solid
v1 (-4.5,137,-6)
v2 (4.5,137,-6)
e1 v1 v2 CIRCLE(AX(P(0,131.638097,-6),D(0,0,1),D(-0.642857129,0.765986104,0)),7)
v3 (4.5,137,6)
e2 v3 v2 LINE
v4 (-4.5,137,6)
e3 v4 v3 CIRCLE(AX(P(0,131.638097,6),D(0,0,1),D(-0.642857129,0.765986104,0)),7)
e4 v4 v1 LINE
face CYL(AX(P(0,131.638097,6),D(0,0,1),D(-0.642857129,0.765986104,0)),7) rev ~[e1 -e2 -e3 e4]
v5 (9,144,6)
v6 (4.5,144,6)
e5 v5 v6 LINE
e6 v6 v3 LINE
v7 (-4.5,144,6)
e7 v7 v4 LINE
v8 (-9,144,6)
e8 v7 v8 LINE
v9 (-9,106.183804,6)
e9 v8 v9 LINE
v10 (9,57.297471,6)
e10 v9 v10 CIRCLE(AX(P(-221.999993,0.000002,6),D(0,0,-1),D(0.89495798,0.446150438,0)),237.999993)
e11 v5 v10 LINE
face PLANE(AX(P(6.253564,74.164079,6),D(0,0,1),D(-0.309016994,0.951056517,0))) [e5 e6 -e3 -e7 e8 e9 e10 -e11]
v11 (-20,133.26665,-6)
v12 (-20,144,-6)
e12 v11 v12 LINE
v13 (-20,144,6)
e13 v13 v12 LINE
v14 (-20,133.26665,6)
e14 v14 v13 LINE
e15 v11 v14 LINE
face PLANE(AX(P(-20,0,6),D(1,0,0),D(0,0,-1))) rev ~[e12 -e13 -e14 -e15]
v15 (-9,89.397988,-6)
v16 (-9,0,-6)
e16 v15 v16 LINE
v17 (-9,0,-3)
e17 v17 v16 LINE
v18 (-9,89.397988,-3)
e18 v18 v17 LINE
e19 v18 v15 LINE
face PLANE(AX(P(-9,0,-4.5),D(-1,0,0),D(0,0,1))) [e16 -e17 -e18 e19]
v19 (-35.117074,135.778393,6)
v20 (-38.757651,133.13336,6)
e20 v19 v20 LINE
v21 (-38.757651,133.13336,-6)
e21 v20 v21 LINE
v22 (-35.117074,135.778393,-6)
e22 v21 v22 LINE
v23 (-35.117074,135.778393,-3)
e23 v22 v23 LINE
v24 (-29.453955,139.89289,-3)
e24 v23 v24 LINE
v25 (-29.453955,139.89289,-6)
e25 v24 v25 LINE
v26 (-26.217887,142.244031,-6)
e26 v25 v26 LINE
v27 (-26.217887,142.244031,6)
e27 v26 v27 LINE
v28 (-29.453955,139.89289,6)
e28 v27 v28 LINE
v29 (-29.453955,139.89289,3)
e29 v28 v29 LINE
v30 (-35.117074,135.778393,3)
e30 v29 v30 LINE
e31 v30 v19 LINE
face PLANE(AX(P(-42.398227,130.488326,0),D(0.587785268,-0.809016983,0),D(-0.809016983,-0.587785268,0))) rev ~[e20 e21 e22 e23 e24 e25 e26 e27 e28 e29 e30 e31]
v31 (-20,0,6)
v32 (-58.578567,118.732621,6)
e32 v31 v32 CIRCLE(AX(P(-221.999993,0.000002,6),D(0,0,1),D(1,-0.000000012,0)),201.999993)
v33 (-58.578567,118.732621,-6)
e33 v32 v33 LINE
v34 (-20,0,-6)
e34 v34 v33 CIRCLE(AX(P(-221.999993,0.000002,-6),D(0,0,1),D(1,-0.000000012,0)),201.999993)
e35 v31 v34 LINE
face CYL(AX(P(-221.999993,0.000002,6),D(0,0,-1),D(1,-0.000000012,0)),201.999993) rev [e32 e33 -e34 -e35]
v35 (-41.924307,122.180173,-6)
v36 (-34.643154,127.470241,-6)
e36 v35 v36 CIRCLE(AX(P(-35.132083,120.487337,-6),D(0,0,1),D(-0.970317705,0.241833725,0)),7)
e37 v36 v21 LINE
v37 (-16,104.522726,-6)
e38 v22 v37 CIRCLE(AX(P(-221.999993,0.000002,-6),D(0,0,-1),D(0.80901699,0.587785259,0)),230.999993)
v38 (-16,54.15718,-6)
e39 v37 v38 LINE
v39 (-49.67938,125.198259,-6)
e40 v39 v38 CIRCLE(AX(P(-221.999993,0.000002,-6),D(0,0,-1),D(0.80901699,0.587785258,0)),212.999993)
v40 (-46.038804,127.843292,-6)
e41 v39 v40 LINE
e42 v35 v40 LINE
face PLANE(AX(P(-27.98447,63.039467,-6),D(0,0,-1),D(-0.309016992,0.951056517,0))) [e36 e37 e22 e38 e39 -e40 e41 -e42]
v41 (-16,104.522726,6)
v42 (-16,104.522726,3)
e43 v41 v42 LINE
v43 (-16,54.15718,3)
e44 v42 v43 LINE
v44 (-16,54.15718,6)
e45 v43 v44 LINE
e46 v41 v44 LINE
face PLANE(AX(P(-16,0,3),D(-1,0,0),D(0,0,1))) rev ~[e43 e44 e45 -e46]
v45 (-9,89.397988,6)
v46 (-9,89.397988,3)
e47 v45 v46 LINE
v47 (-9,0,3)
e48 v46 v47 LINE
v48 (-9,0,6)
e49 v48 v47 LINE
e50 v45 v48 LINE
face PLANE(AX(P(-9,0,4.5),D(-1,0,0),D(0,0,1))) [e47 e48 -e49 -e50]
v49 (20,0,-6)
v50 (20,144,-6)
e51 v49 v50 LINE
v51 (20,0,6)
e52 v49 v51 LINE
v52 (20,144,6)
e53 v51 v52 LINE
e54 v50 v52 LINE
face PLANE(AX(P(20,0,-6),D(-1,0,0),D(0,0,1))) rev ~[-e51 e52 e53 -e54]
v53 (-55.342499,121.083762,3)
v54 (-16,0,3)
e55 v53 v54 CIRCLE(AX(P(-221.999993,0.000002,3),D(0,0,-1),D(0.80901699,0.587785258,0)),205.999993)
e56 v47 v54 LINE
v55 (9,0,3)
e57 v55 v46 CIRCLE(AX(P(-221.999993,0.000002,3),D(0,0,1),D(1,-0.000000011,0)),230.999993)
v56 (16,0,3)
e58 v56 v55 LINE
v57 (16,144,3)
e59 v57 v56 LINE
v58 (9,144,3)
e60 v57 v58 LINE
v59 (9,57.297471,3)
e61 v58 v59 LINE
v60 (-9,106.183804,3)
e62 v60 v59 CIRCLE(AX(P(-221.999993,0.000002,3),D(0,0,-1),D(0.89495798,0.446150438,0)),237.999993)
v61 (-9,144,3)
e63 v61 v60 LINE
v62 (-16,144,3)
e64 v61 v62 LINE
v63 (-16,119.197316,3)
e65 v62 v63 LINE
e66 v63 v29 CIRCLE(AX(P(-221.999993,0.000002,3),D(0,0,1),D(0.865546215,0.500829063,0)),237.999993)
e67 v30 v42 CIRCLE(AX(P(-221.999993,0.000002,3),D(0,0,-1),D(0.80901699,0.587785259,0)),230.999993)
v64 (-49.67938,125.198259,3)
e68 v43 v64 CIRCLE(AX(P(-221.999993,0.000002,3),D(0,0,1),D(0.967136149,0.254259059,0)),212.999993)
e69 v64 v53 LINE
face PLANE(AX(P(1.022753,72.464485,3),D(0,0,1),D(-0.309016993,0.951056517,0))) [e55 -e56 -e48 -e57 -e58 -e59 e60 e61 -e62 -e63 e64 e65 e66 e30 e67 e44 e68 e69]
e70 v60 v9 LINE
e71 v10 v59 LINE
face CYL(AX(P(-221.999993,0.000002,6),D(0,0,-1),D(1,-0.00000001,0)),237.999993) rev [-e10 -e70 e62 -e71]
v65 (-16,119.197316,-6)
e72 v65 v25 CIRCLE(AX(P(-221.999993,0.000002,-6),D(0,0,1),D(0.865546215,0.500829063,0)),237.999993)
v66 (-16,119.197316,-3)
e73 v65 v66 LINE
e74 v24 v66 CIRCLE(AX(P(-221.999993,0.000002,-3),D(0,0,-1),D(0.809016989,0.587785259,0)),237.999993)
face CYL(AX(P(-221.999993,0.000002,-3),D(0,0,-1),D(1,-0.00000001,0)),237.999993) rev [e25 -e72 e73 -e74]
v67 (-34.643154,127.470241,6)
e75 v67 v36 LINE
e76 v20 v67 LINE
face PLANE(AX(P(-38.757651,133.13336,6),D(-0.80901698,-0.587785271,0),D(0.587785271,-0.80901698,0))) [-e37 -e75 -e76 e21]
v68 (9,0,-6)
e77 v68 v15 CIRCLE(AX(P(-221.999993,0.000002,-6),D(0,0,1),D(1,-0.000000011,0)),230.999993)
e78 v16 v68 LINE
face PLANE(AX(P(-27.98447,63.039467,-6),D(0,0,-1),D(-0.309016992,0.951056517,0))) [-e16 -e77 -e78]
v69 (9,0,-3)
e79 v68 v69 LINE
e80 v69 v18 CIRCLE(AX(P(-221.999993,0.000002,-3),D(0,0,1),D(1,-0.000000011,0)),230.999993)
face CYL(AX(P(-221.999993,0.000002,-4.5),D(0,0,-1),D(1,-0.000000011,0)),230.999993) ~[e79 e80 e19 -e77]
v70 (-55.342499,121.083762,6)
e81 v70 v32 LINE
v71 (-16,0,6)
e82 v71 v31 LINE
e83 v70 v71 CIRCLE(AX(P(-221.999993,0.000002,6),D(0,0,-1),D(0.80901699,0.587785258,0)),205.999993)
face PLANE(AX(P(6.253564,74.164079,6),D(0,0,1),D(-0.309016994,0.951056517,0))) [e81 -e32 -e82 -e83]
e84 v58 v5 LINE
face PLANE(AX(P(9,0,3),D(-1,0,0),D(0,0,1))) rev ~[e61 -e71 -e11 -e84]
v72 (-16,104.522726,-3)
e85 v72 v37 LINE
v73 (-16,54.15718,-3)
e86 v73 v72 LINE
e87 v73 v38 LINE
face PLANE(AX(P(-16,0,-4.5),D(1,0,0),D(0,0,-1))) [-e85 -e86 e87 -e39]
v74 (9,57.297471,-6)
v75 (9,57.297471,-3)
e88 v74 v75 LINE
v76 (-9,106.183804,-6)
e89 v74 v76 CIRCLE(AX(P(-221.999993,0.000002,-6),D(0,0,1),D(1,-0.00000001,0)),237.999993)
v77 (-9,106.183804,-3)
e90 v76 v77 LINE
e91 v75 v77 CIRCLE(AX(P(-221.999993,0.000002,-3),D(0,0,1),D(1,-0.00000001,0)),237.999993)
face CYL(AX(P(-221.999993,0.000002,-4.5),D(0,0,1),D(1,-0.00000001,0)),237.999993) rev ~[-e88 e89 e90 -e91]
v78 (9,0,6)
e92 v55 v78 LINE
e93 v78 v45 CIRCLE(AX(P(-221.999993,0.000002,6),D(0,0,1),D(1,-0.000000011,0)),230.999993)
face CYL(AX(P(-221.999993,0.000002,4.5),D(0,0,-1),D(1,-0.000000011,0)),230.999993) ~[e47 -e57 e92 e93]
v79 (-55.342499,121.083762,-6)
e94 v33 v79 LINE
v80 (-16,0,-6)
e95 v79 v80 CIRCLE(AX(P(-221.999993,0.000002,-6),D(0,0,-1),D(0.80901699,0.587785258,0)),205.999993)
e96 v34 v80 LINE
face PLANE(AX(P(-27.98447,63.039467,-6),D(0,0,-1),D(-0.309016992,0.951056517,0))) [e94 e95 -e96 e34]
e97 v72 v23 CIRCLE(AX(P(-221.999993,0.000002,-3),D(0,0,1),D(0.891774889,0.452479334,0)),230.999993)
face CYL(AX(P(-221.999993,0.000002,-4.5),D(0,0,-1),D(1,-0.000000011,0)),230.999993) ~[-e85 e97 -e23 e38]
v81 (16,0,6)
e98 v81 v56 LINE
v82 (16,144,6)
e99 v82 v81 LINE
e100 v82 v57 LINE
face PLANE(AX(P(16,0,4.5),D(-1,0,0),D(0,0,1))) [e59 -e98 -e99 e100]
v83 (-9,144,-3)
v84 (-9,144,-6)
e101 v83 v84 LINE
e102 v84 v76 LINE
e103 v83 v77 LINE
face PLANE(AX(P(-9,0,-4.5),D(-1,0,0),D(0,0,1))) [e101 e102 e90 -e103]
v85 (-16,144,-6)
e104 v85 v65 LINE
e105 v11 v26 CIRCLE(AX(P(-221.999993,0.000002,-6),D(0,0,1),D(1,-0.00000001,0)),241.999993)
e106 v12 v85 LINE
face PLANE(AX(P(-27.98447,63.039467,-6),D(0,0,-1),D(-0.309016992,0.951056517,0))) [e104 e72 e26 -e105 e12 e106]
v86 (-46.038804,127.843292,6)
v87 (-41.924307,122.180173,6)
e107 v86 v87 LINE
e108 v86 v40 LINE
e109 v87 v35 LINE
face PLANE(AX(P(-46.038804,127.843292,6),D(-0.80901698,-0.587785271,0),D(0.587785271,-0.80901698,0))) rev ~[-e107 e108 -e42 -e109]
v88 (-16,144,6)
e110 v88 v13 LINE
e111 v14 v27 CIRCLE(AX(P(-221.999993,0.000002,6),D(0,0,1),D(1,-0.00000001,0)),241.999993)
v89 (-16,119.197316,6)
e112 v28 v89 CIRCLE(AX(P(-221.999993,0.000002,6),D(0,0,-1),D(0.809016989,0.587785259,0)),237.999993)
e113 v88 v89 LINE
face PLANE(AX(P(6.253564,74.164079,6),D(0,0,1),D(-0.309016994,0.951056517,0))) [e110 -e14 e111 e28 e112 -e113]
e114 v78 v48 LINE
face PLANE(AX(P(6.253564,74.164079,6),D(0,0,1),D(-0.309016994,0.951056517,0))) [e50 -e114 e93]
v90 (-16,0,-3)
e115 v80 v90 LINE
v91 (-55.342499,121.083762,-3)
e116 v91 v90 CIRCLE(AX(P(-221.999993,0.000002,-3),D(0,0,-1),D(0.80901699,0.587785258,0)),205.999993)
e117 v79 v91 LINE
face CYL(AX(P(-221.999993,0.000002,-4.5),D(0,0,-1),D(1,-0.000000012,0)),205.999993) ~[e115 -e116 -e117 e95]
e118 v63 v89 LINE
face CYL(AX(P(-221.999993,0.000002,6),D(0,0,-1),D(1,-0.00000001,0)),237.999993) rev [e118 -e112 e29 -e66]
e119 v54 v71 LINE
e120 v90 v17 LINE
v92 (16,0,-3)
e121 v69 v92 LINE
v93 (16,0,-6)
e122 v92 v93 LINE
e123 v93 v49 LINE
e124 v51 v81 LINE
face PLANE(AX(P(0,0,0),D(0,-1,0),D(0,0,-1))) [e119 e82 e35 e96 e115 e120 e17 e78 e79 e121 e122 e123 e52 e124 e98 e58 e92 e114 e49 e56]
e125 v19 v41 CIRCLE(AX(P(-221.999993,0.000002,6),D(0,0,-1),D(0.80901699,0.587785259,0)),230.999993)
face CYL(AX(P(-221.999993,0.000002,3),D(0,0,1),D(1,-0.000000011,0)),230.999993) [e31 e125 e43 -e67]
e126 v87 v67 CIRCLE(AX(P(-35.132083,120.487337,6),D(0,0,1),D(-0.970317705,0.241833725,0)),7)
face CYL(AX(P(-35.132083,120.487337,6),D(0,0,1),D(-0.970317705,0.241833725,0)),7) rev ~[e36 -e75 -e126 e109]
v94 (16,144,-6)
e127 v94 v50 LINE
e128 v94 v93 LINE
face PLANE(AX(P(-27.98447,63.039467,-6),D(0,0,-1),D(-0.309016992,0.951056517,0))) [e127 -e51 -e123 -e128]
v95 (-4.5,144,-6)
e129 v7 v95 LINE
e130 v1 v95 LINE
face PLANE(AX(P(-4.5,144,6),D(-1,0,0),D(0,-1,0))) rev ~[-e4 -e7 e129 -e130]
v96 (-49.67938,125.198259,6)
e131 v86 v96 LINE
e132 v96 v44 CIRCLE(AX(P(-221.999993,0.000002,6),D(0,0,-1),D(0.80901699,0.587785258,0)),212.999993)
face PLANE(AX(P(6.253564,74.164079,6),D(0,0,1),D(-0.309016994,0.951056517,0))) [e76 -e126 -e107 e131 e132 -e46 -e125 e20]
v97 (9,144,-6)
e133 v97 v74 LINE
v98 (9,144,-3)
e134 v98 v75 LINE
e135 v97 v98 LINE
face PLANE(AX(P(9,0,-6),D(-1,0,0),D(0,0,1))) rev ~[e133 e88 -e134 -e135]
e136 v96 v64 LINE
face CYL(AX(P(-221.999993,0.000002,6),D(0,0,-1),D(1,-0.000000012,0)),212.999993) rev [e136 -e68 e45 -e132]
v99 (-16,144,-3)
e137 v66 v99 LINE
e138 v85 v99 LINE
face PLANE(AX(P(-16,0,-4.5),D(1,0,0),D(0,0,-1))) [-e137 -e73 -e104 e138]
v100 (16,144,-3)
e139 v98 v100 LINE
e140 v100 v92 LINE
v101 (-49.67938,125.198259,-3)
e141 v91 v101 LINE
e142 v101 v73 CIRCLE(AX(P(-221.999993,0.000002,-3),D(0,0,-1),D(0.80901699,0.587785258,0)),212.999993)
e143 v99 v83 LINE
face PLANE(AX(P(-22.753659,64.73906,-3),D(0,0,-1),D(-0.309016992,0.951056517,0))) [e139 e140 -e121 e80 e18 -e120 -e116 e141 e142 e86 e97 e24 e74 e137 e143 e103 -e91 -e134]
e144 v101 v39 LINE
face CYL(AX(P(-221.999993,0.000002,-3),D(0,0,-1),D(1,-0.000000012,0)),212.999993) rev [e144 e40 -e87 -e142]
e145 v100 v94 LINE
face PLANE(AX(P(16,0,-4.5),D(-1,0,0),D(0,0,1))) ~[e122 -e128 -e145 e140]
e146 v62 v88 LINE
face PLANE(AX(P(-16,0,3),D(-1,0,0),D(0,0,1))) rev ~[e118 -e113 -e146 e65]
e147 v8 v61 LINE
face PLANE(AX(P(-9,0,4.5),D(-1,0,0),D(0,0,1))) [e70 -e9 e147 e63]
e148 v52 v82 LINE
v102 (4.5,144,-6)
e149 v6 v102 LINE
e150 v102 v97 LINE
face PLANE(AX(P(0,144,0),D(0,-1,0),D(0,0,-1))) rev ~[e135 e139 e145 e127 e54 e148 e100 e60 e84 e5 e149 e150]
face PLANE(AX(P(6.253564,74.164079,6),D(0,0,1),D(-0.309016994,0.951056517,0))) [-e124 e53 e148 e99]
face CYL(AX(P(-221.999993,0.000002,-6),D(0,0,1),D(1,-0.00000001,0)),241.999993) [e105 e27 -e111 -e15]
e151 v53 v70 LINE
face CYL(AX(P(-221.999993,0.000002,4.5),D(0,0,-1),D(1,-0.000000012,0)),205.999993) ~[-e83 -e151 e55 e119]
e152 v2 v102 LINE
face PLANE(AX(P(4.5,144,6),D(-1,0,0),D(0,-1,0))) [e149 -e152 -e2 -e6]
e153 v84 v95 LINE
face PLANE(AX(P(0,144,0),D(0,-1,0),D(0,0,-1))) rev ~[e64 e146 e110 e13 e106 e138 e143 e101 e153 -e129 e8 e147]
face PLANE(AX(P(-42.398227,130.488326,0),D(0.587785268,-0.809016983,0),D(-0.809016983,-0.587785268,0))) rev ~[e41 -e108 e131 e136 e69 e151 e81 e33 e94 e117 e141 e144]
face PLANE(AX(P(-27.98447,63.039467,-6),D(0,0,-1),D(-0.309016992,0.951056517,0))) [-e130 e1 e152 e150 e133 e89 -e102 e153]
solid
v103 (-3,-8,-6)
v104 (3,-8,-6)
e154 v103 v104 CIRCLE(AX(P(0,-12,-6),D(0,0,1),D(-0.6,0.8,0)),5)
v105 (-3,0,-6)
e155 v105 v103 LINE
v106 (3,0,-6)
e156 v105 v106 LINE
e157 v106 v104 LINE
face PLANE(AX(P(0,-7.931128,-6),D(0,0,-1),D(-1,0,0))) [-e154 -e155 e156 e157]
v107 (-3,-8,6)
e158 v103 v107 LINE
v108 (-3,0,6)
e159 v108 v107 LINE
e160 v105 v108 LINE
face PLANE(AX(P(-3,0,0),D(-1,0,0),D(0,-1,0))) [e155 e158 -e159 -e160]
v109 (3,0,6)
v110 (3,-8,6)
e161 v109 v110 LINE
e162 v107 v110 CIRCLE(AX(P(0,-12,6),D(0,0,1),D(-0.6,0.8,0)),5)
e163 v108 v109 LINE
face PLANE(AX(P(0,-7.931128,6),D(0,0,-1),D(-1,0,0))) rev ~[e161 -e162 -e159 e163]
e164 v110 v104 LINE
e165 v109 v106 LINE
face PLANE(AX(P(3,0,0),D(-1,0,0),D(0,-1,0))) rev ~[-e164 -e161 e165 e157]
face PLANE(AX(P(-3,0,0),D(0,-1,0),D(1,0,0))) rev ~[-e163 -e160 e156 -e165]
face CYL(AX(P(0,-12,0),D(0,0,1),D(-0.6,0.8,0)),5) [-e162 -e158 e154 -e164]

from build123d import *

# Parameters (mm, degrees)
SKETCH004_W     = 7
SKETCH004_H     = 3
SKETCH005_W     = 7
SKETCH005_H     = 3
POCKET_DEPTH    = 12.001
POCKET001_DEPTH = 12.001
SKETCH009_W     = 7
SKETCH009_H     = 3
SKETCH010_W     = 7
SKETCH010_H     = 3
PAD_DEPTH       = 6


with BuildPart() as body:
    # AdditivePipe: sweep along a path in Sketch002
    with BuildLine(Plane.XY) as additivepipe_path:
        ThreePointArc((0, 0), (-10.865453, 68.601773), (-42.398227, 130.488326))
    # Sketch → AdditivePipe (sweep)
    with BuildSketch(Plane.XZ):
        Polygon((-20, 6), (-20, -6), (-16, -6), (-16, -3), (-9, -3), (-9, -6), (9, -6), (9, -3), (16, -3), (16, -6), (20, -6), (20, 6), (16, 6), (16, 3), (9, 3), (9, 6), (-9, 6), (-9, 3), (-16, 3), (-16, 6), align=None)
    sweep(path=additivepipe_path.line)

    # AdditivePipe001: sweep along a path in Sketch001
    with BuildLine(Plane.XY) as additivepipe001_path:
        Line((0, 0), (0, 144))
    # Sketch → AdditivePipe001 (sweep)
    with BuildSketch(Plane.XZ):
        Polygon((-20, 6), (-20, -6), (-16, -6), (-16, -3), (-9, -3), (-9, -6), (9, -6), (9, -3), (16, -3), (16, -6), (20, -6), (20, 6), (16, 6), (16, 3), (9, 3), (9, 6), (-9, 6), (-9, 3), (-16, 3), (-16, 6), align=None)
    sweep(path=additivepipe001_path.line)

    # SubtractivePipe: sweep along a path in Sketch001
    with BuildLine(Plane.XY) as subtractivepipe_path:
        Line((0, 0), (0, 144))
    # Sketch004 → SubtractivePipe (sweep, cut)
    with BuildSketch(Plane.XZ):
        with Locations((-12.5, 4.5)):
            Rectangle(SKETCH004_W, SKETCH004_H)
    sweep(path=subtractivepipe_path.line, mode=Mode.SUBTRACT)

    # SubtractivePipe001: sweep along a path in Sketch002
    with BuildLine(Plane.XY) as subtractivepipe001_path:
        ThreePointArc((0, 0), (-10.865453, 68.601773), (-42.398227, 130.488326))
    # Sketch004 → SubtractivePipe001 (sweep, cut)
    with BuildSketch(Plane.XZ):
        with Locations((-12.5, 4.5)):
            Rectangle(SKETCH004_W, SKETCH004_H)
    sweep(path=subtractivepipe001_path.line, mode=Mode.SUBTRACT)

    # SubtractivePipe002: sweep along a path in Sketch002
    with BuildLine(Plane.XY) as subtractivepipe002_path:
        ThreePointArc((0, 0), (-10.865453, 68.601773), (-42.398227, 130.488326))
    # Sketch005 (on Face1 of SubtractivePipe001) → SubtractivePipe002 (sweep, cut)
    with BuildSketch(Plane.XZ):
        with Locations((12.5, 4.5)):
            Rectangle(SKETCH005_W, SKETCH005_H)
    sweep(path=subtractivepipe002_path.line, mode=Mode.SUBTRACT)

    # SubtractivePipe003: sweep along a path in Sketch001
    with BuildLine(Plane.XY) as subtractivepipe003_path:
        Line((0, 0), (0, 144))
    # Sketch005 (on Face1 of SubtractivePipe001) → SubtractivePipe003 (sweep, cut)
    with BuildSketch(Plane.XZ):
        with Locations((12.5, 4.5)):
            Rectangle(SKETCH005_W, SKETCH005_H)
    subtractivepipe003 = sweep(path=subtractivepipe003_path.line, mode=Mode.SUBTRACT)

    # Mirrored: SubtractivePipe003 across XY
    add(subtractivepipe003.mirror(Plane.XY), mode=Mode.SUBTRACT)

    # Sketch006 (on Face53 of Mirrored) → Pocket (cut, through all)
    with BuildSketch(Plane(origin=(0, 0, 6), x_dir=(-1, 0, 0), z_dir=(0, 0, 1))):
        with BuildLine():
            Line((38.757651, -133.13336), (46.038804, -127.843292))
            Line((46.038804, -127.843292), (41.924307, -122.180173))
            ThreePointArc((41.924307, -122.180173), (31.017586, -114.824218), (34.643154, -127.470241))
            Line((38.757651, -133.13336), (34.643154, -127.470241))
        make_face()
    extrude(amount=-POCKET_DEPTH, mode=Mode.SUBTRACT)

    # Sketch007 (on Face63 of Pocket) → Pocket001 (cut, through all)
    with BuildSketch(Plane(origin=(0, 0, 6), x_dir=(-1, 0, 0), z_dir=(0, 0, 1))):
        with BuildLine():
            Line((-4.5, -144), (4.5, -144))
            Line((4.5, -144), (4.5, -137))
            ThreePointArc((4.5, -137), (0, -124.638097), (-4.5, -137))
            Line((-4.5, -144), (-4.5, -137))
        make_face()
    extrude(amount=-POCKET001_DEPTH, mode=Mode.SUBTRACT)

    # SubtractivePipe004: sweep along a path in Sketch002
    with BuildLine(Plane.XY) as subtractivepipe004_path:
        ThreePointArc((0, 0), (-10.865453, 68.601773), (-42.398227, 130.488326))
    # Sketch009 → SubtractivePipe004 (sweep, cut)
    with BuildSketch(Plane.XZ):
        with Locations((-12.5, -4.5)):
            Rectangle(SKETCH009_W, SKETCH009_H)
    sweep(path=subtractivepipe004_path.line, mode=Mode.SUBTRACT)

    # SubtractivePipe005: sweep along a path in Sketch001
    with BuildLine(Plane.XY) as subtractivepipe005_path:
        Line((0, 0), (0, 144))
    # Sketch009 → SubtractivePipe005 (sweep, cut)
    with BuildSketch(Plane.XZ):
        with Locations((-12.5, -4.5)):
            Rectangle(SKETCH009_W, SKETCH009_H)
    sweep(path=subtractivepipe005_path.line, mode=Mode.SUBTRACT)

    # SubtractivePipe006: sweep along a path in Sketch002
    with BuildLine(Plane.XY) as subtractivepipe006_path:
        ThreePointArc((0, 0), (-10.865453, 68.601773), (-42.398227, 130.488326))
    # Sketch010 (on Face1 of SubtractivePipe005) → SubtractivePipe006 (sweep, cut)
    with BuildSketch(Plane.XZ):
        with Locations((12.5, -4.5)):
            Rectangle(SKETCH010_W, SKETCH010_H)
    sweep(path=subtractivepipe006_path.line, mode=Mode.SUBTRACT)


with BuildPart() as body001:
    # Sketch008 → Pad (new body, symmetric)
    with BuildSketch(Plane.XY):
        with BuildLine():
            Line((-3, 0), (3, 0))
            Line((3, 0), (3, -8))
            ThreePointArc((-3, -8), (0, -17), (3, -8))
            Line((-3, 0), (-3, -8))
        make_face()
    extrude(amount=PAD_DEPTH, both=True)


solid = Compound([body.part, body001.part])
